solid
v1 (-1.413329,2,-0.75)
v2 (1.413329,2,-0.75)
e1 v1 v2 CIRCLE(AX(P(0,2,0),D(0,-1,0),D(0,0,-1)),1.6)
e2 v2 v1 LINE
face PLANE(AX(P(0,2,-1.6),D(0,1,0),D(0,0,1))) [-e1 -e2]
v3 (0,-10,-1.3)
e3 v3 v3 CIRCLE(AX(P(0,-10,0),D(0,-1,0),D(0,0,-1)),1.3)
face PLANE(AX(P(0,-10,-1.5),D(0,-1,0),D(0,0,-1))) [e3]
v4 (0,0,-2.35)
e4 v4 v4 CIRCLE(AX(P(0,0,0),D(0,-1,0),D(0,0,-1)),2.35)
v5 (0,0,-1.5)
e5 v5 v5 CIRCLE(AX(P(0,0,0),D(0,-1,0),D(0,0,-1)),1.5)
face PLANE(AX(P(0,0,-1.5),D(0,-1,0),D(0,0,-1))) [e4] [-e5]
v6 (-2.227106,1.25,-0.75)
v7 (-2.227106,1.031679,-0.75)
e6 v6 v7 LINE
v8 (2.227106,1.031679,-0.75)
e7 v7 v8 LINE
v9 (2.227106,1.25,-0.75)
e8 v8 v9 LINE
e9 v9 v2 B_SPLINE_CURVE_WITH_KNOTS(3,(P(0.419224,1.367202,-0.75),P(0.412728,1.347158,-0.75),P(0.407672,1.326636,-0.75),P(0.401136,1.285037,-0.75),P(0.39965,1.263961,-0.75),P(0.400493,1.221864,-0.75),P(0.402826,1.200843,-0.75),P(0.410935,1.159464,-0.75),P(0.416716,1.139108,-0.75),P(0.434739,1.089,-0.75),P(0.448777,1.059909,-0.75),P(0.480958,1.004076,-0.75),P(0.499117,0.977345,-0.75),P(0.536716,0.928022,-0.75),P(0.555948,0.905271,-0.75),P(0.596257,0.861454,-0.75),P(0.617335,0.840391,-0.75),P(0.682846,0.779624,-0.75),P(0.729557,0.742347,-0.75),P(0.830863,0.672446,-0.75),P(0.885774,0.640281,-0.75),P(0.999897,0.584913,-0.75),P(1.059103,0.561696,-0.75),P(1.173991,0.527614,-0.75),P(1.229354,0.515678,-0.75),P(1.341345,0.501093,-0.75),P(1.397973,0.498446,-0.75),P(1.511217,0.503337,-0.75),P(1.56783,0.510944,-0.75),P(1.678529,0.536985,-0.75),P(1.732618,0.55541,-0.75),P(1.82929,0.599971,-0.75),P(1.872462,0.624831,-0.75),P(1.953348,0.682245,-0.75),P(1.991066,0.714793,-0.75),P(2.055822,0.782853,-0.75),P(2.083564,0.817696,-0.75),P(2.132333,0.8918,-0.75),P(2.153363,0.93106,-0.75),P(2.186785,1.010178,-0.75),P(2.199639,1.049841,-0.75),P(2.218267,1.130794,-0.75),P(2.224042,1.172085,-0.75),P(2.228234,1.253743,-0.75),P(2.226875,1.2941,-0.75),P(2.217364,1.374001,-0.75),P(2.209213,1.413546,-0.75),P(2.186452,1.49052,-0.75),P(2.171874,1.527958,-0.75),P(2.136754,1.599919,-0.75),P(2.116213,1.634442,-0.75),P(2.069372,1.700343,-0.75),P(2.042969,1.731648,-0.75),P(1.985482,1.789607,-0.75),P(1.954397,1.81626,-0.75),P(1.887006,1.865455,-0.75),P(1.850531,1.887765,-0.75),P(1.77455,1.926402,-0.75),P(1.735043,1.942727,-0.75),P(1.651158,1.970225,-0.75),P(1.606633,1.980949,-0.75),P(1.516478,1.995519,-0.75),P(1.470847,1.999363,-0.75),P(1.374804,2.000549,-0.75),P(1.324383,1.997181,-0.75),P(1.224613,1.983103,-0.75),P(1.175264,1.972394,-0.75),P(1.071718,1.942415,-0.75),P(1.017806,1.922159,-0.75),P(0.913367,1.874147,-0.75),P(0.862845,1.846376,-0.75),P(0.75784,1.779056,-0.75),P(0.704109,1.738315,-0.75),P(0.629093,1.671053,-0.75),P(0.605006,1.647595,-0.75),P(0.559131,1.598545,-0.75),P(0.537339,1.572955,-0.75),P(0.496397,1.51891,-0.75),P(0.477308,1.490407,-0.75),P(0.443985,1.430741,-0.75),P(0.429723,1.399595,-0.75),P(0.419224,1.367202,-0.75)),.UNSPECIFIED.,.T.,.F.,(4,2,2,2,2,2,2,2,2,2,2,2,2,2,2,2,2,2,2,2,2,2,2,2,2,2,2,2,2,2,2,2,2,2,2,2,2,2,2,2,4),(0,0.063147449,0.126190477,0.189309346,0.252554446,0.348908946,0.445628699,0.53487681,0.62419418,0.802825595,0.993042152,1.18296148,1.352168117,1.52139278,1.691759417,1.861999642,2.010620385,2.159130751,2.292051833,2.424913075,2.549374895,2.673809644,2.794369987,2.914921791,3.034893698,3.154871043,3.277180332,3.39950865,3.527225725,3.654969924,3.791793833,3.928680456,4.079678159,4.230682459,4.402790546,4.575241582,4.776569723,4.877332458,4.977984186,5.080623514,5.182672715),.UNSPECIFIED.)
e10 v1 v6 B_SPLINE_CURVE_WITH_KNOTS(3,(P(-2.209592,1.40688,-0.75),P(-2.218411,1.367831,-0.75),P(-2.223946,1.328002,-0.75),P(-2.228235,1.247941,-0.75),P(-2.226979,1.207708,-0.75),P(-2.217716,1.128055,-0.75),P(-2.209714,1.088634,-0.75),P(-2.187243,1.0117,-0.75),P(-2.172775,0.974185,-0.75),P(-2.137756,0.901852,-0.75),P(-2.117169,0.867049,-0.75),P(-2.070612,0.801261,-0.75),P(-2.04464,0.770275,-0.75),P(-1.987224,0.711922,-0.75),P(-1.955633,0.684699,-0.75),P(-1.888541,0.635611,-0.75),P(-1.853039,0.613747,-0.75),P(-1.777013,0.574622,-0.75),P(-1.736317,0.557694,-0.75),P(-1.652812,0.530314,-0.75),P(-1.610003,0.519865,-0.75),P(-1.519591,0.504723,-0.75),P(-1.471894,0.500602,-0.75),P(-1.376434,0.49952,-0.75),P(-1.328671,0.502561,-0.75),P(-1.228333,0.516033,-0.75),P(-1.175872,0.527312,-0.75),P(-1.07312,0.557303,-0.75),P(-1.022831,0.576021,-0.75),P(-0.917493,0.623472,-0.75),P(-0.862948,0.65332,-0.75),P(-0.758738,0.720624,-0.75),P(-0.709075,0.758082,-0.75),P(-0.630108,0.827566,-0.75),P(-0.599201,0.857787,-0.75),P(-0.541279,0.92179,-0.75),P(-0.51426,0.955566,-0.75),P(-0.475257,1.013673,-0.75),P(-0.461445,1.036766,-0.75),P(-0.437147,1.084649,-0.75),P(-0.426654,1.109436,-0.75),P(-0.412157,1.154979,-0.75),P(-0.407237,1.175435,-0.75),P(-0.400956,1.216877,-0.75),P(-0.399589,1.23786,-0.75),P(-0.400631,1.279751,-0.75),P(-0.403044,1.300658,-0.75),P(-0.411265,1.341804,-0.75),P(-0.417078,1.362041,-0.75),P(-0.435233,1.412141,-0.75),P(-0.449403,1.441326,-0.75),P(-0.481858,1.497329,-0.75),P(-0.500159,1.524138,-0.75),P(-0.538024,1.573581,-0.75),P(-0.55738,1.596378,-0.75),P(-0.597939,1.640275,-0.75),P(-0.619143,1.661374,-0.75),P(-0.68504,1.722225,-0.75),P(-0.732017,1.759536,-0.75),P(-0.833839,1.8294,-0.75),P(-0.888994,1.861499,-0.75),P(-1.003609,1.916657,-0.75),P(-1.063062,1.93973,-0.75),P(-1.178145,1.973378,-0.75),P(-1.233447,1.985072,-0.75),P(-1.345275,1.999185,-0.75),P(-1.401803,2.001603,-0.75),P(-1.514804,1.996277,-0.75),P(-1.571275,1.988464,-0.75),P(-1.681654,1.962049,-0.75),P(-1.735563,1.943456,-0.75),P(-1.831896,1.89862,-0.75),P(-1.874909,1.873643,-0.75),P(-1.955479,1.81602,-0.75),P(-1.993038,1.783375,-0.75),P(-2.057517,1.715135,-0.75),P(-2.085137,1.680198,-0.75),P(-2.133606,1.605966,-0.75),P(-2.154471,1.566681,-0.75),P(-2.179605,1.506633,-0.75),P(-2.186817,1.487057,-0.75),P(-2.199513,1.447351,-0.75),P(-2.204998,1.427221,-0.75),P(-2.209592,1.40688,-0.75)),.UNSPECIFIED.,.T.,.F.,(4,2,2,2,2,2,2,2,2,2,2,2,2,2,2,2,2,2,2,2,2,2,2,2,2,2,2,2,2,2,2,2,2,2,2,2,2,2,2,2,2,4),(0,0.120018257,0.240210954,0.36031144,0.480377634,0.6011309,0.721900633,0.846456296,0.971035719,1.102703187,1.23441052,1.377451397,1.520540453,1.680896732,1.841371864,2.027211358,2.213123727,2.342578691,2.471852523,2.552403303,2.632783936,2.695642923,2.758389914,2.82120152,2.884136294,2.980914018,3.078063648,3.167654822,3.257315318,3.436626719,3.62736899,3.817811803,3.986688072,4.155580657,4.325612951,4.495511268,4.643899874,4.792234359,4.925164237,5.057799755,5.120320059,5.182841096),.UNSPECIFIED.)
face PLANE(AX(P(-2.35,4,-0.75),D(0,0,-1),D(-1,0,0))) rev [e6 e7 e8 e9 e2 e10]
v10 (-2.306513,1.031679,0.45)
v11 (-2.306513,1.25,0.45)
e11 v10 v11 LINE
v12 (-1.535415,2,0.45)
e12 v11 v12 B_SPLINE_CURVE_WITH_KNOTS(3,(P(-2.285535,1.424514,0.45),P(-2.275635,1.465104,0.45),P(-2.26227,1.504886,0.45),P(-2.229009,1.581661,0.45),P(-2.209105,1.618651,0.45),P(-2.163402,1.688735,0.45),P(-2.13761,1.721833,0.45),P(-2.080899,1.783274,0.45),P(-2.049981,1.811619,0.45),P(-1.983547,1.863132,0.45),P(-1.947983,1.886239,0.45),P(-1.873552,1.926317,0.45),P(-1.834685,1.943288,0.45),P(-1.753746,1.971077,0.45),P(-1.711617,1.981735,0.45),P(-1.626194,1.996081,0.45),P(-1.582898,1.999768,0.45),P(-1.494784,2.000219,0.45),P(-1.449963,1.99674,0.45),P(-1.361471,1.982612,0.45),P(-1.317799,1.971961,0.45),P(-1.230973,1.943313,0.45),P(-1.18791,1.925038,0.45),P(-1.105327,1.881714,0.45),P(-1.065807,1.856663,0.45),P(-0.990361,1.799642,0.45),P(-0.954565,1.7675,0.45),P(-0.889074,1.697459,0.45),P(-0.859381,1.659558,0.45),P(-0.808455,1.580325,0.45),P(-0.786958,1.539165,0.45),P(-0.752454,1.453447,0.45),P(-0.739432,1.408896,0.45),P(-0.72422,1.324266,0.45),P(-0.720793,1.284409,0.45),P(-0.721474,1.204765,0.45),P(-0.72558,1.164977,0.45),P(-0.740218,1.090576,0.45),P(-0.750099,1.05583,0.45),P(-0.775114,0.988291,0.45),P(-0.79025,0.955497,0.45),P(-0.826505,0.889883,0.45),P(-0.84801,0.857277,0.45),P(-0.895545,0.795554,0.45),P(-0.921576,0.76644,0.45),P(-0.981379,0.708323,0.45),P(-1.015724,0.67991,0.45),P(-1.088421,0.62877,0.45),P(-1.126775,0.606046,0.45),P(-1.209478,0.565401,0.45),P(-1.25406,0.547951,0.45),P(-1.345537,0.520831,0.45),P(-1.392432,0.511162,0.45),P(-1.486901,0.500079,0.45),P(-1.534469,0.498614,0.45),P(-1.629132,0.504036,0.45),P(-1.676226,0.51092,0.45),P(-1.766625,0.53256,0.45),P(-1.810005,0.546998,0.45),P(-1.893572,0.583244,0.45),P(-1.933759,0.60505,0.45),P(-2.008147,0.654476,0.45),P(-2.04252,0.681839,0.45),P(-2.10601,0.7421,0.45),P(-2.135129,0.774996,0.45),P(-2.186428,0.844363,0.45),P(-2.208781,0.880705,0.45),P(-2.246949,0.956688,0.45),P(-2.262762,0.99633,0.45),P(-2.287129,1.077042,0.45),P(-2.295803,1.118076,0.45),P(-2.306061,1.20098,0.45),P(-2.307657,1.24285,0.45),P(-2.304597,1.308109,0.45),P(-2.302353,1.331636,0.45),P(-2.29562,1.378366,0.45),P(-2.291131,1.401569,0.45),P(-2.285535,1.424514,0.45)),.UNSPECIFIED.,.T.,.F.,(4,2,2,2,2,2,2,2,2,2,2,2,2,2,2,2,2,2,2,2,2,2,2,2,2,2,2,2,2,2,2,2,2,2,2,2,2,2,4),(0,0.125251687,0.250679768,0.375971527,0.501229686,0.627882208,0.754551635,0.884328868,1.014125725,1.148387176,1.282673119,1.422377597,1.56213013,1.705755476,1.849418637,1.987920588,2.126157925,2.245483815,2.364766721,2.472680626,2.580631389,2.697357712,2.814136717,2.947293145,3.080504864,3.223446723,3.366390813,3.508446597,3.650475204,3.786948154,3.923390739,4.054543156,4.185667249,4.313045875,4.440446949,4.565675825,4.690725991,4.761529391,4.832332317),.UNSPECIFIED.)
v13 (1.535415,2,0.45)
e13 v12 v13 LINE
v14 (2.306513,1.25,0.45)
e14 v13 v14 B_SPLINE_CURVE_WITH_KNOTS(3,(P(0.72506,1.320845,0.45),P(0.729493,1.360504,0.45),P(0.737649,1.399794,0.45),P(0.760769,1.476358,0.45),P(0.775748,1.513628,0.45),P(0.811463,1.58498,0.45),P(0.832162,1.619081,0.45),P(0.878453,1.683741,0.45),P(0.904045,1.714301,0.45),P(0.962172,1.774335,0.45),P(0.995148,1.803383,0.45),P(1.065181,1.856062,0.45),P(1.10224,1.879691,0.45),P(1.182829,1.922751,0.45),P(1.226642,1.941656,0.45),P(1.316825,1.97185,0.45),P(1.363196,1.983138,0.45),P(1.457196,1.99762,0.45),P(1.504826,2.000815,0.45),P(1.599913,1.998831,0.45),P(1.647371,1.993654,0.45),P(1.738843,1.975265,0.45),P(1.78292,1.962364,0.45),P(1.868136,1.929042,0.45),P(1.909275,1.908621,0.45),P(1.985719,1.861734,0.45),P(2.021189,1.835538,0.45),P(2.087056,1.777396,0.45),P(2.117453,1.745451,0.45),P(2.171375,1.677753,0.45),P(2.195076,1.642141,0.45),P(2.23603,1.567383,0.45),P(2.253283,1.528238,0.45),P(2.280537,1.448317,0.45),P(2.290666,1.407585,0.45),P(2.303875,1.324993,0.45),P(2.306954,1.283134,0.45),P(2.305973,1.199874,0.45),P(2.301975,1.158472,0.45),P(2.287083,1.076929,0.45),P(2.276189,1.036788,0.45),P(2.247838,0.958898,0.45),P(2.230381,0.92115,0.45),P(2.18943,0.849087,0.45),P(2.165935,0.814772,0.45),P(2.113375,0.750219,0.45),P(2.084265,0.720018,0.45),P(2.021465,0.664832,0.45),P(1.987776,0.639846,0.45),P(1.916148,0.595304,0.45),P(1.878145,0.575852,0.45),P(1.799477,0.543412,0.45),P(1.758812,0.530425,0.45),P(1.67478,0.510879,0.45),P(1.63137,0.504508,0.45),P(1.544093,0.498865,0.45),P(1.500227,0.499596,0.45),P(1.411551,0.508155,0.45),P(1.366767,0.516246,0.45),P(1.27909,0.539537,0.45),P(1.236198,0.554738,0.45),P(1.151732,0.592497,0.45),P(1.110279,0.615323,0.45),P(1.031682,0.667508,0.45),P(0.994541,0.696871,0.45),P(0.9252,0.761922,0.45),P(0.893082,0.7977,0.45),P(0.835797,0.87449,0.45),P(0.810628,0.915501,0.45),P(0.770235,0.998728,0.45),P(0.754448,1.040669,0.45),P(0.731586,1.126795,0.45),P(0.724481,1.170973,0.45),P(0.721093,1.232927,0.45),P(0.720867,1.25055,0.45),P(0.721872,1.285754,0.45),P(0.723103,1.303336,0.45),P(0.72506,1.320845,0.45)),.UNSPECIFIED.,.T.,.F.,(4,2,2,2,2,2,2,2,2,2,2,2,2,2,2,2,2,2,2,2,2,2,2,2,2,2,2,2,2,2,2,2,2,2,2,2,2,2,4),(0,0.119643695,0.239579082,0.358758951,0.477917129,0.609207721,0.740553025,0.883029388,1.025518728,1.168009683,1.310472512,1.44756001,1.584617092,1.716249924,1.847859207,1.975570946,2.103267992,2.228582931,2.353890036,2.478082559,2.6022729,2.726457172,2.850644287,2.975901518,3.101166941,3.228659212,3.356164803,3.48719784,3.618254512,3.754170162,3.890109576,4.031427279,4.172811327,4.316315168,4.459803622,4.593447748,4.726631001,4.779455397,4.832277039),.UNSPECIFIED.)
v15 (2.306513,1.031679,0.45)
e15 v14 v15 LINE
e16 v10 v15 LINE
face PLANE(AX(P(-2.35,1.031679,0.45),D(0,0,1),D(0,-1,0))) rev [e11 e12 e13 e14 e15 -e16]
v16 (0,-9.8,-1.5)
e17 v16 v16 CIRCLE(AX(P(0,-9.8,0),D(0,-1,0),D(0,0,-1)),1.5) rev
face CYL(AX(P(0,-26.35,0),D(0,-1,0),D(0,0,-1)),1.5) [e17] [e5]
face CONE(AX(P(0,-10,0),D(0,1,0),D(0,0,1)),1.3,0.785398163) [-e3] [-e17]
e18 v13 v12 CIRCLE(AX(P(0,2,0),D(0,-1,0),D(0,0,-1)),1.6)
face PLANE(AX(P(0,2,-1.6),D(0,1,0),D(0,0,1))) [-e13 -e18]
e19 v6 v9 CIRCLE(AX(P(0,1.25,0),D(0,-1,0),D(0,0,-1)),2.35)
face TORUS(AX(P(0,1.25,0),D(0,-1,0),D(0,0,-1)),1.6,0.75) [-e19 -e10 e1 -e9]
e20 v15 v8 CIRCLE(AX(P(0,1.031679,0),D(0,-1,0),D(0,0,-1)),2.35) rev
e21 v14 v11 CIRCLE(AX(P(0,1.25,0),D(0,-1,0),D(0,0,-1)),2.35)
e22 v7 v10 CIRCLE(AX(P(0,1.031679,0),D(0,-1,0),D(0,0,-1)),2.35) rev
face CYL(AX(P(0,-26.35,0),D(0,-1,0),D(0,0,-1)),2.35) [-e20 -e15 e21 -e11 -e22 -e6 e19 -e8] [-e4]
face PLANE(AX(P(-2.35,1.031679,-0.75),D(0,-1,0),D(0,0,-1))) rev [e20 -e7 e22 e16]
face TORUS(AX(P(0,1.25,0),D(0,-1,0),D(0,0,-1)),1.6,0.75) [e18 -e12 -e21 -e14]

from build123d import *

# Parameters (mm, degrees)
SKETCH2_W               = 1.2
SKETCH2_H               = 2.96832053
CUT_EXTRUDE1_DEPTH      = 3.35
CUT_EXTRUDE1_DEPTH_BACK = 3.35
CHAMFER_1_SIZE          = 0.2


with BuildPart() as part:
    # Sketch1 → Revolve1 (revolve)
    with BuildSketch(Plane(origin=(0, 0, 0), x_dir=(0, 0, -1), z_dir=(1, 0, 0))):
        with BuildLine():
            Line((1.5, -10), (0, -10))
            Line((0, -10), (0, 2))
            Line((0, 2), (1.6, 2))
            ThreePointArc((1.6, 2), (2.130330086, 1.780330086), (2.35, 1.25))
            Line((2.35, 1.25), (2.35, 0))
            Line((2.35, 0), (1.5, 0))
            Line((1.5, 0), (1.5, -10))
        make_face()
    revolve(axis=Axis((0, -26.35, 0), (0, 1, 0)))

    # Sketch2 → Cut-Extrude1 (cut, two sides)
    with BuildSketch(Plane(origin=(0, 0, 0), x_dir=(0, 0, -1), z_dir=(1, 0, 0))) as cut_extrude1_sk:
        with Locations((0.15, 2.515839735)):
            Rectangle(SKETCH2_W, SKETCH2_H)
    extrude(amount=CUT_EXTRUDE1_DEPTH, mode=Mode.SUBTRACT)
    extrude(cut_extrude1_sk.sketch, amount=-CUT_EXTRUDE1_DEPTH_BACK, mode=Mode.SUBTRACT)

    # Фаска1
    chamfer_1_edges = [part.edges().sort_by_distance(p)[0] for p in [
        (0, -10, 1.5),
    ]]
    chamfer(chamfer_1_edges, length=CHAMFER_1_SIZE)


solid = part.part
